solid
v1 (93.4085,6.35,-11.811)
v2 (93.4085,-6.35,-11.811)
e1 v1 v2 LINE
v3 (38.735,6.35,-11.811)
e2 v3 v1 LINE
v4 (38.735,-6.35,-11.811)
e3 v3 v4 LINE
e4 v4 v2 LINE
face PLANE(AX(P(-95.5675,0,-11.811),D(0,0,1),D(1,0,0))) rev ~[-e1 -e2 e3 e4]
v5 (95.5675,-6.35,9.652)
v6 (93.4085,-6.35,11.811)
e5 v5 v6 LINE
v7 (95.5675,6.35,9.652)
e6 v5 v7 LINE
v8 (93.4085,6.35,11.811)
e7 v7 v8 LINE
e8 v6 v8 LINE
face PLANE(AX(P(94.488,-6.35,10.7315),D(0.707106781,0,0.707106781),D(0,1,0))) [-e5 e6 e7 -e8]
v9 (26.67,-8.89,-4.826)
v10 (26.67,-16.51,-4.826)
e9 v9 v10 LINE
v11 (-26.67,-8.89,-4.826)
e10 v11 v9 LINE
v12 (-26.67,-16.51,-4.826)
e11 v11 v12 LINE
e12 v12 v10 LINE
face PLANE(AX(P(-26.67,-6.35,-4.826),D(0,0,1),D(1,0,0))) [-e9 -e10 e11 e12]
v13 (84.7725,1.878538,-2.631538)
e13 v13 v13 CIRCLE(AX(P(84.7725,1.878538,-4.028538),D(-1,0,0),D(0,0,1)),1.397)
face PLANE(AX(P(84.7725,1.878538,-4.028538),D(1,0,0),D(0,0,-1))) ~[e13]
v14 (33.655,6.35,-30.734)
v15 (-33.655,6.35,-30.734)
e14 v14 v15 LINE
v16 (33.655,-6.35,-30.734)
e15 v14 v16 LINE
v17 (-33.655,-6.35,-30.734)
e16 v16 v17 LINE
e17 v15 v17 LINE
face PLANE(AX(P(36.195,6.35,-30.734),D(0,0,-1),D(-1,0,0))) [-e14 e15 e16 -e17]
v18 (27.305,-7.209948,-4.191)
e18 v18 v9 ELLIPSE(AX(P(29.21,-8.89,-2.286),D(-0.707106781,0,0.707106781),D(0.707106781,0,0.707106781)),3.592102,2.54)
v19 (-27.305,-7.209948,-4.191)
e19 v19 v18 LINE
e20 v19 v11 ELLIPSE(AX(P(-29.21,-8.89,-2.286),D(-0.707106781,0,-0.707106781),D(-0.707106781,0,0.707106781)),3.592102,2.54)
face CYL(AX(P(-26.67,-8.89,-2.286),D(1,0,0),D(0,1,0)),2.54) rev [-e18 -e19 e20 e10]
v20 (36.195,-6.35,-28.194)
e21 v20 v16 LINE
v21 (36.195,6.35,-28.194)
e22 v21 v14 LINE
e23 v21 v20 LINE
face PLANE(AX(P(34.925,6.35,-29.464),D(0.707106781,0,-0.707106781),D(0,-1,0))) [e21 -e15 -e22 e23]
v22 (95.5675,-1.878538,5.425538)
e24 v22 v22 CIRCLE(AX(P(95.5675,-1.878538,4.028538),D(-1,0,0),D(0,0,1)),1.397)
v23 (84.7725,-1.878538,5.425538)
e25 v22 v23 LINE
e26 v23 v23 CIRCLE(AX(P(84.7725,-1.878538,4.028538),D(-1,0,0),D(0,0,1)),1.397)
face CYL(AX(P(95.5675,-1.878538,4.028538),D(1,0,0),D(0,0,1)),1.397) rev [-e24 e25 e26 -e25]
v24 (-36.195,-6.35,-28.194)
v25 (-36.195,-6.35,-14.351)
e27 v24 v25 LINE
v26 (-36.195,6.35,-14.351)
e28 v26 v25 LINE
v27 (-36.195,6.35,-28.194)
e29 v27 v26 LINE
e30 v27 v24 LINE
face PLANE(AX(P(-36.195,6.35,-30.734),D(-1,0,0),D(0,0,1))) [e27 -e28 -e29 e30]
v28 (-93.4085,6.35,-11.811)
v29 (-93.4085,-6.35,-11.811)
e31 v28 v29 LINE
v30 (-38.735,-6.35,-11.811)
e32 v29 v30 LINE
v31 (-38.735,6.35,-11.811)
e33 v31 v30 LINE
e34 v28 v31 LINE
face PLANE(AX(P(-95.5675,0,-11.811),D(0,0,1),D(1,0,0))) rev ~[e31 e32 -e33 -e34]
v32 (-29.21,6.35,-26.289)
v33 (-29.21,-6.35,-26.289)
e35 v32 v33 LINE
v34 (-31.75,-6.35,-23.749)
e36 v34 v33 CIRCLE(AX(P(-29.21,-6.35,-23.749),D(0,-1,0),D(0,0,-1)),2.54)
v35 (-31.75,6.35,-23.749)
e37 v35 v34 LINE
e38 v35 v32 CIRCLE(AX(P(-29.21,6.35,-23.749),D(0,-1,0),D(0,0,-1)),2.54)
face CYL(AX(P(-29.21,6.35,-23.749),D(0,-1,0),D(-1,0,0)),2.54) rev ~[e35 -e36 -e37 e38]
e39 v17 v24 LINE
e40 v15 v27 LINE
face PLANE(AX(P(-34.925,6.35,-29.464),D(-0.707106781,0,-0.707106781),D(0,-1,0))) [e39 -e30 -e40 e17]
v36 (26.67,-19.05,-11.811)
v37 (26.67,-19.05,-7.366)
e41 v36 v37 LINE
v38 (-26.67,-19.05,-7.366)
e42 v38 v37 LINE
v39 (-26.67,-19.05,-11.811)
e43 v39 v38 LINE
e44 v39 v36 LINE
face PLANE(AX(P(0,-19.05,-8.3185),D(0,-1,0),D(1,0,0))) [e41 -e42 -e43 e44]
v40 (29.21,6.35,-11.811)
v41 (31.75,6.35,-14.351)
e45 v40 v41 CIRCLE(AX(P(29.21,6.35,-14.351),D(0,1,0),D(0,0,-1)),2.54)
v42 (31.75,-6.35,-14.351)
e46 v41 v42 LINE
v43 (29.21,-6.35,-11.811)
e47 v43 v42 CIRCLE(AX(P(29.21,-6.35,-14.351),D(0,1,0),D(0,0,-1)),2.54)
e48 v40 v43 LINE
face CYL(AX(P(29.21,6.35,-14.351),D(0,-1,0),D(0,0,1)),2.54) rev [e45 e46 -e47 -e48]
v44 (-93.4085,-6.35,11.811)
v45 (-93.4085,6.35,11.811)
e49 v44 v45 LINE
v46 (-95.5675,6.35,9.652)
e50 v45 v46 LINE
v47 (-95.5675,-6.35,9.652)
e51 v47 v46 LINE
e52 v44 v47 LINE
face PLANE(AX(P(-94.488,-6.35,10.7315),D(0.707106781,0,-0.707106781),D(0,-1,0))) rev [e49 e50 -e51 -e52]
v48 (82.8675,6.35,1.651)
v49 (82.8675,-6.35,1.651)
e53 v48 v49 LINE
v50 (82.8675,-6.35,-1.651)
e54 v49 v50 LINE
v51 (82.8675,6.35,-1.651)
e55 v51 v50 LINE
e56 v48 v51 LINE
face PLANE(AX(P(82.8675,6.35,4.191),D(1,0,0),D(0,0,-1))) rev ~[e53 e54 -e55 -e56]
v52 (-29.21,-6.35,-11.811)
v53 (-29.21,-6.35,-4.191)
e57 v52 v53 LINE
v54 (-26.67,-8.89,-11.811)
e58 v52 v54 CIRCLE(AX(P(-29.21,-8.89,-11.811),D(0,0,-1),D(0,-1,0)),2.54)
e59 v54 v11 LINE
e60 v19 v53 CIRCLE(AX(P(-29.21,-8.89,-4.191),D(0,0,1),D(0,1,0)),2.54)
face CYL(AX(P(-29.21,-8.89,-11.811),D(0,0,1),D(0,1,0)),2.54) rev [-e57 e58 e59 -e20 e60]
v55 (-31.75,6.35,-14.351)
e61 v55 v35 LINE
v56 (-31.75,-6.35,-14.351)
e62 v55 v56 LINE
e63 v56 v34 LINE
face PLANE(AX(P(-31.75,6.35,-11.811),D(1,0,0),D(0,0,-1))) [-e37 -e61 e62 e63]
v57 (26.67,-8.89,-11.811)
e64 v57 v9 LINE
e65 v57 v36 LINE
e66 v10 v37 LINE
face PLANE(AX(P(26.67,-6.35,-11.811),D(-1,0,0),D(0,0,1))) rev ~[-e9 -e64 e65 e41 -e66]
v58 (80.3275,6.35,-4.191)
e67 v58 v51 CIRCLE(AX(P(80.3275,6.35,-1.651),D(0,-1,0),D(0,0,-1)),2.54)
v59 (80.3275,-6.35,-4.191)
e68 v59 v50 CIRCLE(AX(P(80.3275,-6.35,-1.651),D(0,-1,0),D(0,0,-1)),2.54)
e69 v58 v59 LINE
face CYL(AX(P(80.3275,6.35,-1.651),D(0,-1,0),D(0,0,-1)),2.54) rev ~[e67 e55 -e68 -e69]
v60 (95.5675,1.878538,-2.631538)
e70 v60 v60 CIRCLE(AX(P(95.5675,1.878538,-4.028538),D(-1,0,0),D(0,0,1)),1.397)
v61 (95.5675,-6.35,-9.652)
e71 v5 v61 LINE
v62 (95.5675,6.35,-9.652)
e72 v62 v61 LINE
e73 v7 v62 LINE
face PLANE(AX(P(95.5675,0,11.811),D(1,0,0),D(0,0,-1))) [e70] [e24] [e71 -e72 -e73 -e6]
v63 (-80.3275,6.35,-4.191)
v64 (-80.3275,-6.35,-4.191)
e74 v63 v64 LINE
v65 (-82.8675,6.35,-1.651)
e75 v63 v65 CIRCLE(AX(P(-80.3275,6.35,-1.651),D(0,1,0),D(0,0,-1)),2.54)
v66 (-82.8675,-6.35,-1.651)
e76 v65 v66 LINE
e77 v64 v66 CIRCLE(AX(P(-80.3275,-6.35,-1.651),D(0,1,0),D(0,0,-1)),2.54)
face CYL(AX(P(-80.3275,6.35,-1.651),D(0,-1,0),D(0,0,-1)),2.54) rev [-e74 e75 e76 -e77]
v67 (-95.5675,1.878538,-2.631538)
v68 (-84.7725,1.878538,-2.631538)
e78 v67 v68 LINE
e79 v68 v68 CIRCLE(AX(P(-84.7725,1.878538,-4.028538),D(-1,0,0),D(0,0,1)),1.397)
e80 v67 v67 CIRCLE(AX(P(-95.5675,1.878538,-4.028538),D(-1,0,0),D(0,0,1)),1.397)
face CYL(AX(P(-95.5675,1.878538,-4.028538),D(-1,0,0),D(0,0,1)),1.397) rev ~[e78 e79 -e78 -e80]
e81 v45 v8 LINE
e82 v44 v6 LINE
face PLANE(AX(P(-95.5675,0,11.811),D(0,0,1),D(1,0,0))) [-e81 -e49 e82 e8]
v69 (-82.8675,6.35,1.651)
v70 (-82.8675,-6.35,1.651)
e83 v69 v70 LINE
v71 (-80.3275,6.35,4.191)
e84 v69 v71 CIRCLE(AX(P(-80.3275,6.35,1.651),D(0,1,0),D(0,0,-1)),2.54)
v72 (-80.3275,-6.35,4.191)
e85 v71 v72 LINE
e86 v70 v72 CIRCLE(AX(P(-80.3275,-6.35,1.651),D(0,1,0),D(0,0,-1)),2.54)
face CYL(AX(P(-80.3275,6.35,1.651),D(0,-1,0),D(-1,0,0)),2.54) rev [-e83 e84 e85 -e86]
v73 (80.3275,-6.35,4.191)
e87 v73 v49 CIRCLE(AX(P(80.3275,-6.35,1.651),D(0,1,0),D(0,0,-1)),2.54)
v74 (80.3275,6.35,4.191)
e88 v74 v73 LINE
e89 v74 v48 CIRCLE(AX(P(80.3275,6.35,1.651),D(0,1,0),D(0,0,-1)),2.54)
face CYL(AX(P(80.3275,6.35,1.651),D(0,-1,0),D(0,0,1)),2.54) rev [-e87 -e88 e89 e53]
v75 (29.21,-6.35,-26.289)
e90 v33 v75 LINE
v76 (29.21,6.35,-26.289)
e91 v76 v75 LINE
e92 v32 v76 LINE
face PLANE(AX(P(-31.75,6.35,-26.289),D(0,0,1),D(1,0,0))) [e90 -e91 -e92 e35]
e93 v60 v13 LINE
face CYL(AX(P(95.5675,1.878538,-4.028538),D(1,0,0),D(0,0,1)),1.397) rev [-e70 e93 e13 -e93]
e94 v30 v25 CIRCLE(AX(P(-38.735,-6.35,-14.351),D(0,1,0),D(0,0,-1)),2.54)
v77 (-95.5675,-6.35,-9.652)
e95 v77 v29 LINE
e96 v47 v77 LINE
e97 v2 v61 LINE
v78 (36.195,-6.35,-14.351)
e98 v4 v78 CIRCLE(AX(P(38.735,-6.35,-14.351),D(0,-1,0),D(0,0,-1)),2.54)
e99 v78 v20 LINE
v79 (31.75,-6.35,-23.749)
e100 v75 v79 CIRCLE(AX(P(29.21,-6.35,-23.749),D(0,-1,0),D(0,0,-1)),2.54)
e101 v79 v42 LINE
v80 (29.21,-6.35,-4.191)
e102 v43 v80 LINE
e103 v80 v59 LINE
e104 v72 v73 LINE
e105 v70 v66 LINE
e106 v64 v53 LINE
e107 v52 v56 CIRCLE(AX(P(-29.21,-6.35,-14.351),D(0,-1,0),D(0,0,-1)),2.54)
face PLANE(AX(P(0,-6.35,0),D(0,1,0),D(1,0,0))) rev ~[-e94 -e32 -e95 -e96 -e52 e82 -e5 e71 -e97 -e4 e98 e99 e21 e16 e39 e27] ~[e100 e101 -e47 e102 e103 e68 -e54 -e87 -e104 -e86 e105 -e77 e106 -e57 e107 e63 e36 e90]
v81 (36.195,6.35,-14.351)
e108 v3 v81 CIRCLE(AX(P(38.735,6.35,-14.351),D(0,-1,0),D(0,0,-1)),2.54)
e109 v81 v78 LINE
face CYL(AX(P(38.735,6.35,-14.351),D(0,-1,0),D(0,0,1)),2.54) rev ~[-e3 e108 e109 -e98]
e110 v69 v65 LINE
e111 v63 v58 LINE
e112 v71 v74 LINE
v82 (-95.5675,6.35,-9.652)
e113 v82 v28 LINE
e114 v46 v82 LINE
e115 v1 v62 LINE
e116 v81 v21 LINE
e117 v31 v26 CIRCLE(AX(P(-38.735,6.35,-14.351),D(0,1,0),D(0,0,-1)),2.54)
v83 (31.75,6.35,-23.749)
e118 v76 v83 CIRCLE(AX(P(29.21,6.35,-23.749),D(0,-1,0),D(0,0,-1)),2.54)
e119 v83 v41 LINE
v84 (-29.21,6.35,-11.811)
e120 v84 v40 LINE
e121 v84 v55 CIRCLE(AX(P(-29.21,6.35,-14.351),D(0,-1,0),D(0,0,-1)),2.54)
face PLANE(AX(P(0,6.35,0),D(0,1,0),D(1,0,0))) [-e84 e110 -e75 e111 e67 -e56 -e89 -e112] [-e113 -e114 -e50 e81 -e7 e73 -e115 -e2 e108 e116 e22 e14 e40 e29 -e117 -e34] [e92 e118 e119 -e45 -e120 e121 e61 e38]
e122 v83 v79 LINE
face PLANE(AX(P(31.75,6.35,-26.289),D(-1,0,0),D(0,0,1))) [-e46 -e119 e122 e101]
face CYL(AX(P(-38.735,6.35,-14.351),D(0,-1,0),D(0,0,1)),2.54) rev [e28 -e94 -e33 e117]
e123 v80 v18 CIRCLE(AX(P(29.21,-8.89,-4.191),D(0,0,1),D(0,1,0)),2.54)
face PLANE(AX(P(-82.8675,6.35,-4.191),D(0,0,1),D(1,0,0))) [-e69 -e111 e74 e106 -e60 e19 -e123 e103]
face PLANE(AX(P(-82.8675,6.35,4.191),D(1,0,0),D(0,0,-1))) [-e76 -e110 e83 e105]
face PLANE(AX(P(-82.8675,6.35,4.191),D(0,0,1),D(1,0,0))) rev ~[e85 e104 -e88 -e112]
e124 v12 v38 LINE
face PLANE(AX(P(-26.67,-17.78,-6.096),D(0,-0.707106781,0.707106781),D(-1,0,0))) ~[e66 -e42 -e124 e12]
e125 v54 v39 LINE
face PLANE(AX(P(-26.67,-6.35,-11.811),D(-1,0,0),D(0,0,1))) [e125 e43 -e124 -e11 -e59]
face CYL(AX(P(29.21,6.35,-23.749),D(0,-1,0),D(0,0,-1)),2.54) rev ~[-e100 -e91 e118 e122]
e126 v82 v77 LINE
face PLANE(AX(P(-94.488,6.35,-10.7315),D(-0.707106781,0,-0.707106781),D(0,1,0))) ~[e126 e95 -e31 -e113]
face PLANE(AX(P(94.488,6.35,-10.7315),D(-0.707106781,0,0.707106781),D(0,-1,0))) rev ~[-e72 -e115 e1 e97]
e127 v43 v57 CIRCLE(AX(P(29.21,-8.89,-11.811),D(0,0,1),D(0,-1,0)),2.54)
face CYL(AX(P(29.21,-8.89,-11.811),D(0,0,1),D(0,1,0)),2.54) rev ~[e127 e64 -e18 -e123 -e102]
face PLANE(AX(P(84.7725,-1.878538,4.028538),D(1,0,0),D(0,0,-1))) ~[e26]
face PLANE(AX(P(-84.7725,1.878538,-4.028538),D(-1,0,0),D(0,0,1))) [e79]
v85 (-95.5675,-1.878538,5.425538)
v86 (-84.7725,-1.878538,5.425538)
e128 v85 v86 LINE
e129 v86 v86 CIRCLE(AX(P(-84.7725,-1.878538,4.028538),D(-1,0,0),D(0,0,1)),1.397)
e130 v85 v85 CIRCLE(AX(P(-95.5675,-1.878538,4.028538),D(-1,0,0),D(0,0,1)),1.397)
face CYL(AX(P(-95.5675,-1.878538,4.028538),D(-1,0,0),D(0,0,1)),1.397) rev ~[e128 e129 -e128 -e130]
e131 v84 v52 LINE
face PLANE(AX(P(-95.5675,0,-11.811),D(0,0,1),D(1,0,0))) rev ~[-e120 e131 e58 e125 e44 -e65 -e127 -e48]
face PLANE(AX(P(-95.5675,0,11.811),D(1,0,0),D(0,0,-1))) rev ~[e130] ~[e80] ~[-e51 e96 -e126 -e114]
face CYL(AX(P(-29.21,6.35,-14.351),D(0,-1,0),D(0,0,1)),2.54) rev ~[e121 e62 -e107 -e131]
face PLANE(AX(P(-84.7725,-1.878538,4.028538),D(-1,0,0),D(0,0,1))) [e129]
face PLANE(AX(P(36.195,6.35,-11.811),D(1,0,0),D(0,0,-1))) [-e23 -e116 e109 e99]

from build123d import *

# Parameters (mm, degrees)
SKETCH2_W              = 191.135
SKETCH2_H              = 23.622
MOUNT_BAR_DEPTH        = 6.35
MOUNT_FEATURE_DEPTH    = 12.7
FILLET1_R              = 2.54
SKETCH5_R              = 1.397
MOUNT_HOLES_DEPTH      = 10.795
SKETCH6_W              = 53.34
SKETCH6_H              = 6.985
BOSS_EXTRUDE5_DEPTH    = 12.7
FILLET2_R              = 2.54
CHAMFER1_SIZE          = 2.54
CHAMFER2_SIZE          = 2.159
SKETCH7_W              = 165.735
SKETCH7_H              = 8.382
WEIGHT_REDUCTION_DEPTH = 104.551367988
FILLET3_R              = 2.54


with BuildPart() as part:
    # Sketch2 → Mount-Bar (new, symmetric)
    with BuildSketch(Plane(origin=(0, 0, 0), x_dir=(1, 0, 0), z_dir=(0, 1, 0))):
        Rectangle(SKETCH2_W, SKETCH2_H)
    extrude(amount=MOUNT_BAR_DEPTH, both=True)

    # Sketch4 → Mount-Feature (add)
    with BuildSketch(Plane(origin=(0, 6.35, 0), x_dir=(1, 0, 0), z_dir=(0, 1, 0))):
        Polygon((-31.75, 11.811), (-31.75, 26.289), (31.75, 26.289), (31.75, 11.811), (36.195, 11.811), (36.195, 30.734), (-36.195, 30.734), (-36.195, 11.811), align=None)
    extrude(amount=-MOUNT_FEATURE_DEPTH)

    # Fillet1
    fillet1_edges = [part.edges().sort_by_distance(p)[0] for p in [
        (-31.75, 0, -11.811),
        (-36.195, 0, -11.811),
        (36.195, 0, -11.811),
        (31.75, 0, -11.811),
        (31.75, 0, -26.289),
        (-31.75, 0, -26.289),
    ]]
    fillet(fillet1_edges, radius=FILLET1_R)

    # Sketch5 → Mount-Holes (cut)
    with BuildSketch(Plane.ZY.offset(95.5675)):
        with Locations((-4.028538113, 1.878538173)):
            Circle(SKETCH5_R)
        with Locations((4.028538113, -1.878538173)):
            Circle(SKETCH5_R)
    mount_holes = extrude(amount=-MOUNT_HOLES_DEPTH, mode=Mode.SUBTRACT)

    # Mirror1: Mount-Holes across plane
    add(mount_holes.mirror(Plane(origin=(0, 0, 0), x_dir=(0, 0, 1), z_dir=(1, 0, 0))), mode=Mode.SUBTRACT)

    # Sketch6 → Boss-Extrude5 (add)
    with BuildSketch(Plane.XZ.offset(6.35)):
        with Locations((0, -8.3185)):
            Rectangle(SKETCH6_W, SKETCH6_H)
    extrude(amount=BOSS_EXTRUDE5_DEPTH)

    # Fillet2
    fillet2_edges = [part.edges().sort_by_distance(p)[0] for p in [
        (-26.67, -6.35, -8.3185),
        (0, -6.35, -4.826),
        (26.67, -6.35, -8.3185),
    ]]
    fillet(fillet2_edges, radius=FILLET2_R)

    # Chamfer1
    chamfer1_edges = [part.edges().sort_by_distance(p)[0] for p in [
        (0, -19.05, -4.826),
        (-36.195, 0, -30.734),
        (36.195, 0, -30.734),
    ]]
    chamfer(chamfer1_edges, length=CHAMFER1_SIZE)

    # Chamfer2
    chamfer2_edges = [part.edges().sort_by_distance(p)[0] for p in [
        (-95.5675, 0, -11.811),
        (95.5675, 0, -11.811),
        (95.5675, 0, 11.811),
        (-95.5675, 0, 11.811),
    ]]
    chamfer(chamfer2_edges, length=CHAMFER2_SIZE)

    # Sketch7 → weight-reduction (cut, through all)
    with BuildSketch(Plane(origin=(0, 6.35, 0), x_dir=(1, 0, 0), z_dir=(0, 1, 0))):
        Rectangle(SKETCH7_W, SKETCH7_H)
    extrude(amount=-WEIGHT_REDUCTION_DEPTH, mode=Mode.SUBTRACT)

    # Fillet3
    fillet3_edges = [part.edges().sort_by_distance(p)[0] for p in [
        (-82.8675, 0, 4.191),
        (82.8675, 0, -4.191),
        (82.8675, 0, 4.191),
        (-82.8675, 0, -4.191),
    ]]
    fillet(fillet3_edges, radius=FILLET3_R)


solid = part.part
